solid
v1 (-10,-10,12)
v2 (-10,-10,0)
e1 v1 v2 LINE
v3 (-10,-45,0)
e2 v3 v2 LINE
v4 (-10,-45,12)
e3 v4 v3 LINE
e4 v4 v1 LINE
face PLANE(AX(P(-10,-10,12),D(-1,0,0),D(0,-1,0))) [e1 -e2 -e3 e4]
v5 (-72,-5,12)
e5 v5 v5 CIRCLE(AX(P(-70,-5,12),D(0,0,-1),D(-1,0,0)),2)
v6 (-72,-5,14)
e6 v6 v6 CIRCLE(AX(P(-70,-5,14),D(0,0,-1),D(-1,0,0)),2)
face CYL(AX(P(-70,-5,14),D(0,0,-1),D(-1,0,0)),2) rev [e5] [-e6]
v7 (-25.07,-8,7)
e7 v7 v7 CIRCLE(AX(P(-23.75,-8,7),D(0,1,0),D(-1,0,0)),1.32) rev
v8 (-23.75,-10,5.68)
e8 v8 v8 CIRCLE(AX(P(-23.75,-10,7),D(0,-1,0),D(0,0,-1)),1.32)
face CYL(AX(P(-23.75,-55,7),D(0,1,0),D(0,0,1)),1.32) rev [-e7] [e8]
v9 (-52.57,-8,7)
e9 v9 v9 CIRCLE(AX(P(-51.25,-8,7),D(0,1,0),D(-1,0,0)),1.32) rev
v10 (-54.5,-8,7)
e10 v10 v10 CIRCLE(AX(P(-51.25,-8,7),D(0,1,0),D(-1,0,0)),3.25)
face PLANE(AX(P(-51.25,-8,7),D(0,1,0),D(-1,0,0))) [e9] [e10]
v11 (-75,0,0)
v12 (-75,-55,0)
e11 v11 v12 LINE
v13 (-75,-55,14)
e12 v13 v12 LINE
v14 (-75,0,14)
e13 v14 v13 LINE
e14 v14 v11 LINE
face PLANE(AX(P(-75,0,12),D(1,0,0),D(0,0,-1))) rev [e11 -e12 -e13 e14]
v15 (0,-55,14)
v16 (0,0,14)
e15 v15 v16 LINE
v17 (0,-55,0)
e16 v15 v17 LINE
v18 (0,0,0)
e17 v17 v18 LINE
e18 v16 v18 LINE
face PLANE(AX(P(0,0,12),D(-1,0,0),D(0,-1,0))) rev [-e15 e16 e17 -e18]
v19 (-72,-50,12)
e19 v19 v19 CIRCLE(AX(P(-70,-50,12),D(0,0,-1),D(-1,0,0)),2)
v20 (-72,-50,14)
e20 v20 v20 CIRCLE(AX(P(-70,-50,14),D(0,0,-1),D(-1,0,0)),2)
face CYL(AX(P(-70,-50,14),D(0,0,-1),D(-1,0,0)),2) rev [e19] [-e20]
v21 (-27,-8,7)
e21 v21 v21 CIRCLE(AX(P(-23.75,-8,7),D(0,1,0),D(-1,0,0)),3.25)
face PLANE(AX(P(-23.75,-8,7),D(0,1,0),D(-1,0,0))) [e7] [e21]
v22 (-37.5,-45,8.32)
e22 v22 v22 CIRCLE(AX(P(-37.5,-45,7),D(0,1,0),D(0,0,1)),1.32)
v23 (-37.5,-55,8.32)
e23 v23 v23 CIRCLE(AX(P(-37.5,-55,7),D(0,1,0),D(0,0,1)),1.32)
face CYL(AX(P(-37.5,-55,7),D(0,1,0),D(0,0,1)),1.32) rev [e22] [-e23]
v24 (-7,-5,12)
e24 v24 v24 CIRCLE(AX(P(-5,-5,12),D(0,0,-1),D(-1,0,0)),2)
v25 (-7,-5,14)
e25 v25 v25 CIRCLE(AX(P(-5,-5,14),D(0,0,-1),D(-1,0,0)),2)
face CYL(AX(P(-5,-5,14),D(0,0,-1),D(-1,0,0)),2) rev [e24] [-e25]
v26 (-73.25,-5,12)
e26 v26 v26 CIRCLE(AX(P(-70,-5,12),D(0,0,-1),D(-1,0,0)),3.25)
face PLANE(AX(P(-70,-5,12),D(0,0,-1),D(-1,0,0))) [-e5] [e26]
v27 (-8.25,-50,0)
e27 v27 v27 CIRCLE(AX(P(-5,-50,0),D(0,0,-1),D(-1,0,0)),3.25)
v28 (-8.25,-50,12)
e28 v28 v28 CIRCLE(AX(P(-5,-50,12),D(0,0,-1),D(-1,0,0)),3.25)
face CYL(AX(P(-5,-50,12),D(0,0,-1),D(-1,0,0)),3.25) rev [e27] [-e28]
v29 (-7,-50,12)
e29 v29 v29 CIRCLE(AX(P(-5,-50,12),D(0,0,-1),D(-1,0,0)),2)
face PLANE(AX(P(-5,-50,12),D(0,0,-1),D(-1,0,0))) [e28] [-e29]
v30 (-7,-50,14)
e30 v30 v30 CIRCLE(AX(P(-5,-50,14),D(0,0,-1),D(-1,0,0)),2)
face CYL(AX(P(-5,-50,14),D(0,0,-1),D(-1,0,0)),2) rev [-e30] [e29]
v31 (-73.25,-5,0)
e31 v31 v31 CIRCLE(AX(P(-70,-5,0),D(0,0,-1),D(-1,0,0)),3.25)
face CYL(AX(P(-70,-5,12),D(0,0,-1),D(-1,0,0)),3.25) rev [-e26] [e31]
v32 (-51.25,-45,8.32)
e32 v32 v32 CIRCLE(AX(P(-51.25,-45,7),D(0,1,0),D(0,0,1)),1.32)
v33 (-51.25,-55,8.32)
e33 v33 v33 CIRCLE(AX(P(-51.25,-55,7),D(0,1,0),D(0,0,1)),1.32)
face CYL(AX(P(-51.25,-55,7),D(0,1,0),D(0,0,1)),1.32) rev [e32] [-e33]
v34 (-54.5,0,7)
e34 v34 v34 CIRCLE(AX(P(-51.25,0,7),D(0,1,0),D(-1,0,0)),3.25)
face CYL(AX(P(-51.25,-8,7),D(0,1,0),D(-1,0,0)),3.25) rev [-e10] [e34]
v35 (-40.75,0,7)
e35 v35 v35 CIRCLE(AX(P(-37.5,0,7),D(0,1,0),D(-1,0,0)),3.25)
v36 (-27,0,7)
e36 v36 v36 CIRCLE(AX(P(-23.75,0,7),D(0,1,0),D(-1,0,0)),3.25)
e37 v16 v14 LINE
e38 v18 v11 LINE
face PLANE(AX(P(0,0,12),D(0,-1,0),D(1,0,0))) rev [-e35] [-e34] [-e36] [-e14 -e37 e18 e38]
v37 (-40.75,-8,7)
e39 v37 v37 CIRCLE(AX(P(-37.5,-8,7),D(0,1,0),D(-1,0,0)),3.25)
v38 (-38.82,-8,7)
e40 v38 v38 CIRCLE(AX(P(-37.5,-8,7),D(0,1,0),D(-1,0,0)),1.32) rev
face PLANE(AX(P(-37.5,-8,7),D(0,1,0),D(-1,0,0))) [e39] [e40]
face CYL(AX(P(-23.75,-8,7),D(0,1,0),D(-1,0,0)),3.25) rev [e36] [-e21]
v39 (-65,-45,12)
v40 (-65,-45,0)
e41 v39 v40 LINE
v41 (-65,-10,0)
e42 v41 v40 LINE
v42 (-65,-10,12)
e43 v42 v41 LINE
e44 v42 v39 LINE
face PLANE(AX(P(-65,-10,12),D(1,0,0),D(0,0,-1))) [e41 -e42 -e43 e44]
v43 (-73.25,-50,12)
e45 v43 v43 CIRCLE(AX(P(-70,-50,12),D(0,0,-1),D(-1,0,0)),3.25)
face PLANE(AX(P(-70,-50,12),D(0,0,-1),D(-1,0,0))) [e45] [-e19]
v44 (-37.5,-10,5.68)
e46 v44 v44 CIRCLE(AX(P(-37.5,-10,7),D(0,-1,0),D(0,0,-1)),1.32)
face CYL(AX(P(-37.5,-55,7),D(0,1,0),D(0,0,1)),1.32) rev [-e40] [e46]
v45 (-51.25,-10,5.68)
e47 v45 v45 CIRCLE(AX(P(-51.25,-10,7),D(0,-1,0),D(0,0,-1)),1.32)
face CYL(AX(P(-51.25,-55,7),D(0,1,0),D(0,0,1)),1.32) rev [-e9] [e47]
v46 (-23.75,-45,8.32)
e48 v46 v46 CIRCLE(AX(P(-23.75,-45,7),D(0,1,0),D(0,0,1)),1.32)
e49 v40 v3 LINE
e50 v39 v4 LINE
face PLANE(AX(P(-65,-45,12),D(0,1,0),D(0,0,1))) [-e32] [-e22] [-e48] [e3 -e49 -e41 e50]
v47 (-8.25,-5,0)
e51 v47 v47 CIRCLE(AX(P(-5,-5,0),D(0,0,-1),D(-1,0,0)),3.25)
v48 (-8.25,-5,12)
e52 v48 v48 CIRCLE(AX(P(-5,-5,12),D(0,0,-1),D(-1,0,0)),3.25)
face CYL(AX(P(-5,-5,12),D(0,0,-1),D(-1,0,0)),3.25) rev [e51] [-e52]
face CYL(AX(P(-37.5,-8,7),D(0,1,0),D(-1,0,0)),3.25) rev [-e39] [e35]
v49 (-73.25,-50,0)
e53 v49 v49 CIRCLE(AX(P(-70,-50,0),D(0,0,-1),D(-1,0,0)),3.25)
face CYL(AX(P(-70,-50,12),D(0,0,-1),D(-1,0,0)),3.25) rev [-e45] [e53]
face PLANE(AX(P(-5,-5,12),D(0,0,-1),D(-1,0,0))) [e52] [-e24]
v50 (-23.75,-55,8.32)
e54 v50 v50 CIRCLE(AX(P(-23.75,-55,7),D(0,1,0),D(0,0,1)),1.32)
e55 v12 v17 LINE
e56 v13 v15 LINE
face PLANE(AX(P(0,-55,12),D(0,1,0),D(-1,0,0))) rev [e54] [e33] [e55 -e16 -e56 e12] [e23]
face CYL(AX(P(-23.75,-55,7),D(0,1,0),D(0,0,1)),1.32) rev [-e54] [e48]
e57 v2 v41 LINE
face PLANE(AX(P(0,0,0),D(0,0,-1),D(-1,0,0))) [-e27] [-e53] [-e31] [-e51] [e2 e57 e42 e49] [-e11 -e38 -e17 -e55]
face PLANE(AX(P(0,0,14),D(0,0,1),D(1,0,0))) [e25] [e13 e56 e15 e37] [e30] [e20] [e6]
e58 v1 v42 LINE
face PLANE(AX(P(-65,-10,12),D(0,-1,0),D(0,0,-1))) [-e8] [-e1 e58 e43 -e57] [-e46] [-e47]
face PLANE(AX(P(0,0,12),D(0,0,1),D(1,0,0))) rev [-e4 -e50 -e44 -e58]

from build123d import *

# Parameters (mm, degrees)
SKETCH2_W               = 75
SKETCH2_H               = 55
SKETCH2_W_2             = 55
SKETCH2_H_2             = 35
BOSS_EXTRUDE1_DEPTH     = 12
SKETCH3_W               = 75
SKETCH3_H               = 55
BOSS_EXTRUDE2_DEPTH     = 2
SKETCH5_R               = 1.32
CUT_EXTRUDE1_DEPTH      = 46
CUT_EXTRUDE1_DEPTH_BACK = 11
SKETCH6_R               = 3.25
CUT_EXTRUDE2_DEPTH      = 8
SKETCH8_R               = 3.25
CUT_EXTRUDE4_DEPTH      = 12
SKETCH9_R               = 2
CUT_EXTRUDE5_DEPTH      = 15


with BuildPart() as part:
    # Sketch2 → Boss-Extrude1 (new body)
    with BuildSketch(Plane.XY):
        with Locations((-37.5, -27.5)):
            Rectangle(SKETCH2_W, SKETCH2_H)
        with Locations((-37.5, -27.5)):
            Rectangle(SKETCH2_W_2, SKETCH2_H_2, mode=Mode.SUBTRACT)
    extrude(amount=BOSS_EXTRUDE1_DEPTH)

    # Sketch3 → Boss-Extrude2 (add)
    with BuildSketch(Plane.XY.offset(12)):
        with Locations((-37.5, -27.5)):
            Rectangle(SKETCH3_W, SKETCH3_H)
    extrude(amount=BOSS_EXTRUDE2_DEPTH)

    # Sketch5 → Cut-Extrude1 (cut, two sides)
    with BuildSketch(Plane(origin=(0, -45, 0), x_dir=(1, 0, 0), z_dir=(0, 1, 0))) as cut_extrude1_sk:
        with Locations((-51.25, -7)):
            Circle(SKETCH5_R)
        with Locations((-23.75, -7)):
            Circle(SKETCH5_R)
        with Locations((-37.5, -7)):
            Circle(SKETCH5_R)
    extrude(amount=CUT_EXTRUDE1_DEPTH, mode=Mode.SUBTRACT)
    extrude(cut_extrude1_sk.sketch, amount=-CUT_EXTRUDE1_DEPTH_BACK, mode=Mode.SUBTRACT)

    # Sketch6 → Cut-Extrude2 (cut)
    with BuildSketch(Plane(origin=(0, 0, 0), x_dir=(1, 0, 0), z_dir=(0, 1, 0))):
        with Locations((-51.25, -7)):
            Circle(SKETCH6_R)
        with Locations((-37.5, -7)):
            Circle(SKETCH6_R)
        with Locations((-23.75, -7)):
            Circle(SKETCH6_R)
    extrude(amount=-CUT_EXTRUDE2_DEPTH, mode=Mode.SUBTRACT)

    # Sketch8 → Cut-Extrude4 (cut)
    with BuildSketch(Plane(origin=(0, 0, 0), x_dir=(-1, 0, 0), z_dir=(0, 0, -1))):
        with Locations((5, -5)):
            Circle(SKETCH8_R)
        with Locations((70, -5)):
            Circle(SKETCH8_R)
        with Locations((70, -50)):
            Circle(SKETCH8_R)
        with Locations((5, -50)):
            Circle(SKETCH8_R)
    extrude(amount=-CUT_EXTRUDE4_DEPTH, mode=Mode.SUBTRACT)

    # Sketch9 → Cut-Extrude5 (cut, through all)
    with BuildSketch(Plane(origin=(0, 0, 0), x_dir=(-1, 0, 0), z_dir=(0, 0, -1))):
        with Locations((5, -5)):
            Circle(SKETCH9_R)
        with Locations((70, -5)):
            Circle(SKETCH9_R)
        with Locations((70, -50)):
            Circle(SKETCH9_R)
        with Locations((5, -50)):
            Circle(SKETCH9_R)
    extrude(amount=-CUT_EXTRUDE5_DEPTH, mode=Mode.SUBTRACT)


solid = part.part
